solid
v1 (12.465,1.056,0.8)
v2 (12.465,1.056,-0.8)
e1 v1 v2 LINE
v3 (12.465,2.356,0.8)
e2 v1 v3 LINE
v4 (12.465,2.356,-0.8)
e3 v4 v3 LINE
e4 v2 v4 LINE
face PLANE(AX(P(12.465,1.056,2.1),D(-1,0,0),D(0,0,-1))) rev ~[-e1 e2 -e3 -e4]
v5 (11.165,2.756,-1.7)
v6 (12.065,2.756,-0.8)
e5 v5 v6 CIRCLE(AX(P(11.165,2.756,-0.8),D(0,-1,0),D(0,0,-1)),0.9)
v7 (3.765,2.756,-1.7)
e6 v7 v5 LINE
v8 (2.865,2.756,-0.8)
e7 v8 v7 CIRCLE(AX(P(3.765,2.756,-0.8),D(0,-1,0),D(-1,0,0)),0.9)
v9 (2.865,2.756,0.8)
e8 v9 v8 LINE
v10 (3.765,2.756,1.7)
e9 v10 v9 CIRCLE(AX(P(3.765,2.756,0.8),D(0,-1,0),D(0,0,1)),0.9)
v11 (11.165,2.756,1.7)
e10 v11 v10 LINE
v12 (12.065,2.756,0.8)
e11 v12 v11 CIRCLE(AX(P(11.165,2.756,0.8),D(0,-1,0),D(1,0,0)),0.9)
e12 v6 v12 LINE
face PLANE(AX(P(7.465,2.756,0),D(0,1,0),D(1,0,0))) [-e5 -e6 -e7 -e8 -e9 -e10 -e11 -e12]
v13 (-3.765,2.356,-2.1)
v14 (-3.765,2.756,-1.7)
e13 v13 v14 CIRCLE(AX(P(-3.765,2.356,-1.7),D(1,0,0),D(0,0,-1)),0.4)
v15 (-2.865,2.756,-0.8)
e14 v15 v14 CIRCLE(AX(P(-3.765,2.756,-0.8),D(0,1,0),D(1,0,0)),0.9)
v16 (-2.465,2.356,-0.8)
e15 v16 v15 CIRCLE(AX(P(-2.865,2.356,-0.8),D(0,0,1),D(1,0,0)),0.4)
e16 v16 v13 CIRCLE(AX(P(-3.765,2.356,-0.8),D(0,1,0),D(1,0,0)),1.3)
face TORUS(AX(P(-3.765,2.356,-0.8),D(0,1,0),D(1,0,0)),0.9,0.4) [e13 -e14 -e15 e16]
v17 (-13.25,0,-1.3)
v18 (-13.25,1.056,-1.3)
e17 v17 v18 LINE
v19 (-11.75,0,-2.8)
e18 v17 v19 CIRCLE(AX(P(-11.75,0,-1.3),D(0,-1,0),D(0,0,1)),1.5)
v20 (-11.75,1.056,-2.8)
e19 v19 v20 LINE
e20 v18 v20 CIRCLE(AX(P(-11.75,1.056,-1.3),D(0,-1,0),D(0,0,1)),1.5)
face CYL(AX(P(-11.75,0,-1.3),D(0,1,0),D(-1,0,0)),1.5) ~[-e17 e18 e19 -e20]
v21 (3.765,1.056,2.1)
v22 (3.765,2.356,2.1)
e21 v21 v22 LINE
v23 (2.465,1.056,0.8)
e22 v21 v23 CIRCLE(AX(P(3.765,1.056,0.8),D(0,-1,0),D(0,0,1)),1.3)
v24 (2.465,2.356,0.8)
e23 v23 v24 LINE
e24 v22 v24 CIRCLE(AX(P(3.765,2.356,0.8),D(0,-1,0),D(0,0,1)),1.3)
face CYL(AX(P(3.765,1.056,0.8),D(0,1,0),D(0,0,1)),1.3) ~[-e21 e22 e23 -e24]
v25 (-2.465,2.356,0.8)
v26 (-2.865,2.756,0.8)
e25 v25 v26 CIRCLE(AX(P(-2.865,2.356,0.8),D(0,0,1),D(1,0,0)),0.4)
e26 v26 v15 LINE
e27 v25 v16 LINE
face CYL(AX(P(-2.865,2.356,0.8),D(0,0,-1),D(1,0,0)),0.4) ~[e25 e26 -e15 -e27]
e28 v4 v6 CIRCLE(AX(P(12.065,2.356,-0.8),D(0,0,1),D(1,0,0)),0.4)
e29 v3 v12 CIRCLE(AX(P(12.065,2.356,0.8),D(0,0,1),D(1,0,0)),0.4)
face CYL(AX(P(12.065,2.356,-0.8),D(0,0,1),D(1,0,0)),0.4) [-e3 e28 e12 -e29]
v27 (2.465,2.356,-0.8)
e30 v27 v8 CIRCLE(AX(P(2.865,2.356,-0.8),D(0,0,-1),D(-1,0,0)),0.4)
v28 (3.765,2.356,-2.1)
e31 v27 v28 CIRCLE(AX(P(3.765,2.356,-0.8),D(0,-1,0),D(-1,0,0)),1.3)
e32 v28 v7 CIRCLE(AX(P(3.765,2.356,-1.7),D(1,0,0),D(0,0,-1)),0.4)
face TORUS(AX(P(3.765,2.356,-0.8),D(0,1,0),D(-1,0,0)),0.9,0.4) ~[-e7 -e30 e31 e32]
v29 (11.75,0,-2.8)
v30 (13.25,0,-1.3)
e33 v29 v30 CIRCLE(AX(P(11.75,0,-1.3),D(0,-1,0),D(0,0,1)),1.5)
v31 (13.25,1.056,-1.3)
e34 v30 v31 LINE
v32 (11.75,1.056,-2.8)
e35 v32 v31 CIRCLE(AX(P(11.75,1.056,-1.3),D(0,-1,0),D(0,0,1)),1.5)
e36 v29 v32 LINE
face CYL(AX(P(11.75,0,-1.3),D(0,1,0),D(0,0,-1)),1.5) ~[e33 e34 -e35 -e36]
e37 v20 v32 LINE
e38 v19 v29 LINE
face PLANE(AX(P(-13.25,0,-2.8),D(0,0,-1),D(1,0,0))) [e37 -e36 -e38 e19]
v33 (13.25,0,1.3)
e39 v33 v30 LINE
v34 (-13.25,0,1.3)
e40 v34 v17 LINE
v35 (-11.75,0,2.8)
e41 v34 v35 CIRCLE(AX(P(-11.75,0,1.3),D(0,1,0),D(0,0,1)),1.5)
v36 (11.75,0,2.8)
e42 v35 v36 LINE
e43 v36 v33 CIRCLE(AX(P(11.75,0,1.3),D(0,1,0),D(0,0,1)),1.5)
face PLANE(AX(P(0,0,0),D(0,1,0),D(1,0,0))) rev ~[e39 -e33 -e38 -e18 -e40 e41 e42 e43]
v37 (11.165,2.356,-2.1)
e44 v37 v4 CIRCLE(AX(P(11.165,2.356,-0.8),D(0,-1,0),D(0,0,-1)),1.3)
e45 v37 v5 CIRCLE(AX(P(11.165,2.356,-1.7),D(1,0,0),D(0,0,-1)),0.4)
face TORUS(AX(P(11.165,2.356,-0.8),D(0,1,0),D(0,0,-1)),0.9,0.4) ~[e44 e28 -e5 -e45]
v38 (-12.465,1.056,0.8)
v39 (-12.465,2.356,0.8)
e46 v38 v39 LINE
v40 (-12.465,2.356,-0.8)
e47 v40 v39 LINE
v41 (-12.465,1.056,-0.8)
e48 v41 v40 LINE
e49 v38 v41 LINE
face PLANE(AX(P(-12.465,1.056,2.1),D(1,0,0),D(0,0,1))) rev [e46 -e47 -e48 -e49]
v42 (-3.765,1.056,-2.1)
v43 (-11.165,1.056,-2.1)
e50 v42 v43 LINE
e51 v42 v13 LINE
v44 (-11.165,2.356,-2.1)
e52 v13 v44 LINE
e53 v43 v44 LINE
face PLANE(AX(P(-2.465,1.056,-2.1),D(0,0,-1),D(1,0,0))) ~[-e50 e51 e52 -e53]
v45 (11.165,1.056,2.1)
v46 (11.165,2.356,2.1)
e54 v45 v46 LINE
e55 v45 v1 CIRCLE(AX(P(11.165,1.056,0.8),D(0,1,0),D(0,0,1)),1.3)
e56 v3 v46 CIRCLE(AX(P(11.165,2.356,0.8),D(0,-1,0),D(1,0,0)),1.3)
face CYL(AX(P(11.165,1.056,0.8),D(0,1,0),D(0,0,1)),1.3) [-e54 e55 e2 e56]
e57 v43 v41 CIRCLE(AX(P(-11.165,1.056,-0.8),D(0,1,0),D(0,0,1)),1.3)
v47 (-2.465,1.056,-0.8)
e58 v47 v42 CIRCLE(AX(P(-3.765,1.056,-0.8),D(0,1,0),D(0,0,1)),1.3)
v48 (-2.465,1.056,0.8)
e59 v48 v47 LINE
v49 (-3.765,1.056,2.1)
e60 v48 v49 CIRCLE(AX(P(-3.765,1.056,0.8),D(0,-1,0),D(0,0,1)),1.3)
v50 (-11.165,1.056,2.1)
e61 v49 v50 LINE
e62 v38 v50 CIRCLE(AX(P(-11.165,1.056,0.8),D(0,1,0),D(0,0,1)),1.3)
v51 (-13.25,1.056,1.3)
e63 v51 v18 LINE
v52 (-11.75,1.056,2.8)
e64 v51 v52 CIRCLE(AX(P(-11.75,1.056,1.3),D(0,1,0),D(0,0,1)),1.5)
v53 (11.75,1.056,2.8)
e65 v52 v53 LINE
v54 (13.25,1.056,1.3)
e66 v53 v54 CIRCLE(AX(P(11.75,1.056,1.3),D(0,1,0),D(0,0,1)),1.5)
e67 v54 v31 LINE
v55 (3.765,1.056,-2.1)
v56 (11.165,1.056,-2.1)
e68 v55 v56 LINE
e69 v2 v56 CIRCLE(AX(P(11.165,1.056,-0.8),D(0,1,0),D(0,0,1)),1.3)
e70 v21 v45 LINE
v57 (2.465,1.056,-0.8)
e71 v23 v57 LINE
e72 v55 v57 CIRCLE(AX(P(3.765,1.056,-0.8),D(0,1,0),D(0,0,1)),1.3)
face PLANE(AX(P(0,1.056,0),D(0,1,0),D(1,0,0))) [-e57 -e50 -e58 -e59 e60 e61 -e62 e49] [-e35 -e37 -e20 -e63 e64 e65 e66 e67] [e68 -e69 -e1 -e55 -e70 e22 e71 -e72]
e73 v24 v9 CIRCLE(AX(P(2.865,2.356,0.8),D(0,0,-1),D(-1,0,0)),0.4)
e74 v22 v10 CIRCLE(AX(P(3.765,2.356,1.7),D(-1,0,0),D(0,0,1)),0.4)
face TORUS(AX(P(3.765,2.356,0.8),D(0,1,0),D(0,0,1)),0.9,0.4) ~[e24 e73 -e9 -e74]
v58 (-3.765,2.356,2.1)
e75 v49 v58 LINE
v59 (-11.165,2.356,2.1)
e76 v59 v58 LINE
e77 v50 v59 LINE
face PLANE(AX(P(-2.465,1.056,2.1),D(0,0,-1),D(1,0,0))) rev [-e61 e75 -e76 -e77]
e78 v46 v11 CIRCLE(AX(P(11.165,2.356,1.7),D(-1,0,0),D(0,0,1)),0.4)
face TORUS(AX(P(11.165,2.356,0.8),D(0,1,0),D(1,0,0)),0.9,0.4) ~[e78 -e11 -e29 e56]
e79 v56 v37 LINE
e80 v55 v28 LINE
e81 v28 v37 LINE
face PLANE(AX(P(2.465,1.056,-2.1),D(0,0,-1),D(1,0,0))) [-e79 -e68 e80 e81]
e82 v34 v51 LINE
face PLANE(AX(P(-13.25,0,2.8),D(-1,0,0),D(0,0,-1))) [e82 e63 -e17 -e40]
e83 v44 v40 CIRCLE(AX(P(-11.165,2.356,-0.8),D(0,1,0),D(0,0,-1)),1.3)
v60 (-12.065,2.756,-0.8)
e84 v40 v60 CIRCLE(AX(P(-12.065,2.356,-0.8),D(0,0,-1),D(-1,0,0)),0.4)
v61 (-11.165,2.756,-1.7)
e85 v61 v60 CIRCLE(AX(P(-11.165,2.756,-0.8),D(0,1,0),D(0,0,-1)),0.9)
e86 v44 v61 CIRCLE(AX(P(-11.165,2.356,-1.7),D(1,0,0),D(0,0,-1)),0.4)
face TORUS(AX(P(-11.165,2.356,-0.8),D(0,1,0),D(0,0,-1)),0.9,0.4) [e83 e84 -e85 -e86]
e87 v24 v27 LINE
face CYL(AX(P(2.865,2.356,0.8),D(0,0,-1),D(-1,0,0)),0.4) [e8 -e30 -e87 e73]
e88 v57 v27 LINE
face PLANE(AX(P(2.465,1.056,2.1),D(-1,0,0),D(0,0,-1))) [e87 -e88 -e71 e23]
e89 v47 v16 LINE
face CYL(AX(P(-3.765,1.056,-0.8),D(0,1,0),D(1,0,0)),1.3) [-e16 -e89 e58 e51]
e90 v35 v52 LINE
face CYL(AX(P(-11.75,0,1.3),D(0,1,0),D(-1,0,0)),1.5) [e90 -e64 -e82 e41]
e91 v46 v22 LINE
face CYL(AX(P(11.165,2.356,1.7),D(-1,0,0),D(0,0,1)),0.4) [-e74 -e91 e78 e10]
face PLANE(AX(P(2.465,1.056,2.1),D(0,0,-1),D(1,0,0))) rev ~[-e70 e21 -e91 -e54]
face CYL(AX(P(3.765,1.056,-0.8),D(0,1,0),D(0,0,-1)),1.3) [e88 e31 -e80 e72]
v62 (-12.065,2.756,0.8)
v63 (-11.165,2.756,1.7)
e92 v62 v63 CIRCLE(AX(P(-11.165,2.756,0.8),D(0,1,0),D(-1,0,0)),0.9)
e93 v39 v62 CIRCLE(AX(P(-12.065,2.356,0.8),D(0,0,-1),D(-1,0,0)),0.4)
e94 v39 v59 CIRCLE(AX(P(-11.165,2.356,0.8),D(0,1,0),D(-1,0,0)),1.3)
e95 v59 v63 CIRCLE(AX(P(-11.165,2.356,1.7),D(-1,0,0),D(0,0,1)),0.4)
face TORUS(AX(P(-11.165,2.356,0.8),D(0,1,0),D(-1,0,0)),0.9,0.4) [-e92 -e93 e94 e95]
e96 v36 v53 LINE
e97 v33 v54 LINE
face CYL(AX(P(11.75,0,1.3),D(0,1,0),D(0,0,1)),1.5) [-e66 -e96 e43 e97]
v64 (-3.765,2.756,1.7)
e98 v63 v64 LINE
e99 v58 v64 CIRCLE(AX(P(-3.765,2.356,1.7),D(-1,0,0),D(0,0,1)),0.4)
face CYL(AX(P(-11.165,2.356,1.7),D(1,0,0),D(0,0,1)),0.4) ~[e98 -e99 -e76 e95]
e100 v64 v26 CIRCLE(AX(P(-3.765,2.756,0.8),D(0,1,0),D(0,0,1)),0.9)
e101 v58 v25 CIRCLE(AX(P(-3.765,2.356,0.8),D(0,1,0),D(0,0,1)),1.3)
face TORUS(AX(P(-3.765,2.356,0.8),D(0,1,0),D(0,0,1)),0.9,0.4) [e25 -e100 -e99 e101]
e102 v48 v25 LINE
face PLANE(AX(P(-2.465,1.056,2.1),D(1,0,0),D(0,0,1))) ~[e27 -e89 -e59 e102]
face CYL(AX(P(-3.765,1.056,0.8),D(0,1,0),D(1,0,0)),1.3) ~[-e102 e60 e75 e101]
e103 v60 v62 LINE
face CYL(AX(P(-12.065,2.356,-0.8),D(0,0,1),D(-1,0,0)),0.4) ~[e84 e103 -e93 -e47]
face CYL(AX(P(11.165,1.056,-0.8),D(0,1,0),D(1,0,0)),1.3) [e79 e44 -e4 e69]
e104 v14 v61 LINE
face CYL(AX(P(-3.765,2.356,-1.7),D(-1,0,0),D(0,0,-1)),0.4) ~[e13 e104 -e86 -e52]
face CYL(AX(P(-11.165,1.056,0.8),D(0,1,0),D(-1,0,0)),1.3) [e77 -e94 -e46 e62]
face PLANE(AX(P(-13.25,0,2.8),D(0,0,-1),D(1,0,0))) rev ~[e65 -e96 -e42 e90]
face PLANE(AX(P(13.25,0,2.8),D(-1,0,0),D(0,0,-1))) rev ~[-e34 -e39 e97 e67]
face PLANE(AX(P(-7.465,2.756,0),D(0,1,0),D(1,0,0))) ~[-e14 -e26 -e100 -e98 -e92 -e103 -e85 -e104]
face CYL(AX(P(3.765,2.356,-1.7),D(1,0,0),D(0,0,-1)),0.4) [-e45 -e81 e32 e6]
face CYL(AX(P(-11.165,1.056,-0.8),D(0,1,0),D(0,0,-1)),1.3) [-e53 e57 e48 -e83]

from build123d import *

# Parameters (mm, degrees)
SKETCH1_W            = 26.5
SKETCH1_H            = 5.6
BOSS_EXTRUDE1_DEPTH  = 1.056
SKETCH2_W            = 10
SKETCH2_H            = 4.2
BOSS_EXTRUDE2_DEPTH  = 1.7
FILLET1_R            = 1.5
FILLET2_R            = 1.3
FILLET3_R            = 0.4
FILLET2_OF_MIRROR2_R = 1.3
FILLET3_OF_MIRROR2_R = 0.4


with BuildPart() as part:
    # Sketch1 → Boss-Extrude1 (new body)
    with BuildSketch(Plane(origin=(0, 0, 0), x_dir=(1, 0, 0), z_dir=(0, 1, 0))):
        Rectangle(SKETCH1_W, SKETCH1_H)
    extrude(amount=BOSS_EXTRUDE1_DEPTH)

    # Sketch2 → Boss-Extrude2 (add)
    with BuildSketch(Plane(origin=(0, 1.056, 0), x_dir=(1, 0, 0), z_dir=(0, 1, 0))):
        with Locations((7.465, 0)):
            Rectangle(SKETCH2_W, SKETCH2_H)
    boss_extrude2 = extrude(amount=BOSS_EXTRUDE2_DEPTH)

    # Fillet1
    fillet1_edges = [part.edges().sort_by_distance(p)[0] for p in [
        (13.25, 0.528, 2.8),
        (-13.25, 0.528, 2.8),
        (-13.25, 0.528, -2.8),
        (13.25, 0.528, -2.8),
    ]]
    fillet(fillet1_edges, radius=FILLET1_R)

    # Fillet2
    fillet2_edges = [part.edges().sort_by_distance(p)[0] for p in [
        (12.465, 1.906, 2.1),
        (12.465, 1.906, -2.1),
        (2.465, 1.906, -2.1),
        (2.465, 1.906, 2.1),
    ]]
    fillet(fillet2_edges, radius=FILLET2_R)

    # Fillet3
    fillet3_edges = [part.edges().sort_by_distance(p)[0] for p in [
        (2.465, 2.756, 0),
        (7.465, 2.756, -2.1),
        (12.465, 2.756, 0),
        (7.465, 2.756, 2.1),
        (2.845761184, 2.756, 1.719238816),
        (12.084238816, 2.756, 1.719238816),
        (12.084238816, 2.756, -1.719238816),
        (2.845761184, 2.756, -1.719238816),
    ]]
    fillet(fillet3_edges, radius=FILLET3_R)

    # Mirror2: Boss-Extrude2 across plane
    add(boss_extrude2.mirror(Plane(origin=(0, 0, 0), x_dir=(0, 0, 1), z_dir=(1, 0, 0))))

    # Fillet2 of Mirror2
    fillet2_of_mirror2_edges = [part.edges().sort_by_distance(p)[0] for p in [
        (-12.465, 1.906, 2.1),
        (-12.465, 1.906, -2.1),
        (-2.465, 1.906, -2.1),
        (-2.465, 1.906, 2.1),
    ]]
    fillet(fillet2_of_mirror2_edges, radius=FILLET2_OF_MIRROR2_R)

    # Fillet3 of Mirror2
    fillet3_of_mirror2_edges = [part.edges().sort_by_distance(p)[0] for p in [
        (-2.465, 2.756, 0),
        (-7.465, 2.756, -2.1),
        (-12.465, 2.756, 0),
        (-7.465, 2.756, 2.1),
        (-2.845761184, 2.756, 1.719238816),
        (-12.084238816, 2.756, 1.719238816),
        (-12.084238816, 2.756, -1.719238816),
        (-2.845761184, 2.756, -1.719238816),
    ]]
    fillet(fillet3_of_mirror2_edges, radius=FILLET3_OF_MIRROR2_R)


solid = part.part
